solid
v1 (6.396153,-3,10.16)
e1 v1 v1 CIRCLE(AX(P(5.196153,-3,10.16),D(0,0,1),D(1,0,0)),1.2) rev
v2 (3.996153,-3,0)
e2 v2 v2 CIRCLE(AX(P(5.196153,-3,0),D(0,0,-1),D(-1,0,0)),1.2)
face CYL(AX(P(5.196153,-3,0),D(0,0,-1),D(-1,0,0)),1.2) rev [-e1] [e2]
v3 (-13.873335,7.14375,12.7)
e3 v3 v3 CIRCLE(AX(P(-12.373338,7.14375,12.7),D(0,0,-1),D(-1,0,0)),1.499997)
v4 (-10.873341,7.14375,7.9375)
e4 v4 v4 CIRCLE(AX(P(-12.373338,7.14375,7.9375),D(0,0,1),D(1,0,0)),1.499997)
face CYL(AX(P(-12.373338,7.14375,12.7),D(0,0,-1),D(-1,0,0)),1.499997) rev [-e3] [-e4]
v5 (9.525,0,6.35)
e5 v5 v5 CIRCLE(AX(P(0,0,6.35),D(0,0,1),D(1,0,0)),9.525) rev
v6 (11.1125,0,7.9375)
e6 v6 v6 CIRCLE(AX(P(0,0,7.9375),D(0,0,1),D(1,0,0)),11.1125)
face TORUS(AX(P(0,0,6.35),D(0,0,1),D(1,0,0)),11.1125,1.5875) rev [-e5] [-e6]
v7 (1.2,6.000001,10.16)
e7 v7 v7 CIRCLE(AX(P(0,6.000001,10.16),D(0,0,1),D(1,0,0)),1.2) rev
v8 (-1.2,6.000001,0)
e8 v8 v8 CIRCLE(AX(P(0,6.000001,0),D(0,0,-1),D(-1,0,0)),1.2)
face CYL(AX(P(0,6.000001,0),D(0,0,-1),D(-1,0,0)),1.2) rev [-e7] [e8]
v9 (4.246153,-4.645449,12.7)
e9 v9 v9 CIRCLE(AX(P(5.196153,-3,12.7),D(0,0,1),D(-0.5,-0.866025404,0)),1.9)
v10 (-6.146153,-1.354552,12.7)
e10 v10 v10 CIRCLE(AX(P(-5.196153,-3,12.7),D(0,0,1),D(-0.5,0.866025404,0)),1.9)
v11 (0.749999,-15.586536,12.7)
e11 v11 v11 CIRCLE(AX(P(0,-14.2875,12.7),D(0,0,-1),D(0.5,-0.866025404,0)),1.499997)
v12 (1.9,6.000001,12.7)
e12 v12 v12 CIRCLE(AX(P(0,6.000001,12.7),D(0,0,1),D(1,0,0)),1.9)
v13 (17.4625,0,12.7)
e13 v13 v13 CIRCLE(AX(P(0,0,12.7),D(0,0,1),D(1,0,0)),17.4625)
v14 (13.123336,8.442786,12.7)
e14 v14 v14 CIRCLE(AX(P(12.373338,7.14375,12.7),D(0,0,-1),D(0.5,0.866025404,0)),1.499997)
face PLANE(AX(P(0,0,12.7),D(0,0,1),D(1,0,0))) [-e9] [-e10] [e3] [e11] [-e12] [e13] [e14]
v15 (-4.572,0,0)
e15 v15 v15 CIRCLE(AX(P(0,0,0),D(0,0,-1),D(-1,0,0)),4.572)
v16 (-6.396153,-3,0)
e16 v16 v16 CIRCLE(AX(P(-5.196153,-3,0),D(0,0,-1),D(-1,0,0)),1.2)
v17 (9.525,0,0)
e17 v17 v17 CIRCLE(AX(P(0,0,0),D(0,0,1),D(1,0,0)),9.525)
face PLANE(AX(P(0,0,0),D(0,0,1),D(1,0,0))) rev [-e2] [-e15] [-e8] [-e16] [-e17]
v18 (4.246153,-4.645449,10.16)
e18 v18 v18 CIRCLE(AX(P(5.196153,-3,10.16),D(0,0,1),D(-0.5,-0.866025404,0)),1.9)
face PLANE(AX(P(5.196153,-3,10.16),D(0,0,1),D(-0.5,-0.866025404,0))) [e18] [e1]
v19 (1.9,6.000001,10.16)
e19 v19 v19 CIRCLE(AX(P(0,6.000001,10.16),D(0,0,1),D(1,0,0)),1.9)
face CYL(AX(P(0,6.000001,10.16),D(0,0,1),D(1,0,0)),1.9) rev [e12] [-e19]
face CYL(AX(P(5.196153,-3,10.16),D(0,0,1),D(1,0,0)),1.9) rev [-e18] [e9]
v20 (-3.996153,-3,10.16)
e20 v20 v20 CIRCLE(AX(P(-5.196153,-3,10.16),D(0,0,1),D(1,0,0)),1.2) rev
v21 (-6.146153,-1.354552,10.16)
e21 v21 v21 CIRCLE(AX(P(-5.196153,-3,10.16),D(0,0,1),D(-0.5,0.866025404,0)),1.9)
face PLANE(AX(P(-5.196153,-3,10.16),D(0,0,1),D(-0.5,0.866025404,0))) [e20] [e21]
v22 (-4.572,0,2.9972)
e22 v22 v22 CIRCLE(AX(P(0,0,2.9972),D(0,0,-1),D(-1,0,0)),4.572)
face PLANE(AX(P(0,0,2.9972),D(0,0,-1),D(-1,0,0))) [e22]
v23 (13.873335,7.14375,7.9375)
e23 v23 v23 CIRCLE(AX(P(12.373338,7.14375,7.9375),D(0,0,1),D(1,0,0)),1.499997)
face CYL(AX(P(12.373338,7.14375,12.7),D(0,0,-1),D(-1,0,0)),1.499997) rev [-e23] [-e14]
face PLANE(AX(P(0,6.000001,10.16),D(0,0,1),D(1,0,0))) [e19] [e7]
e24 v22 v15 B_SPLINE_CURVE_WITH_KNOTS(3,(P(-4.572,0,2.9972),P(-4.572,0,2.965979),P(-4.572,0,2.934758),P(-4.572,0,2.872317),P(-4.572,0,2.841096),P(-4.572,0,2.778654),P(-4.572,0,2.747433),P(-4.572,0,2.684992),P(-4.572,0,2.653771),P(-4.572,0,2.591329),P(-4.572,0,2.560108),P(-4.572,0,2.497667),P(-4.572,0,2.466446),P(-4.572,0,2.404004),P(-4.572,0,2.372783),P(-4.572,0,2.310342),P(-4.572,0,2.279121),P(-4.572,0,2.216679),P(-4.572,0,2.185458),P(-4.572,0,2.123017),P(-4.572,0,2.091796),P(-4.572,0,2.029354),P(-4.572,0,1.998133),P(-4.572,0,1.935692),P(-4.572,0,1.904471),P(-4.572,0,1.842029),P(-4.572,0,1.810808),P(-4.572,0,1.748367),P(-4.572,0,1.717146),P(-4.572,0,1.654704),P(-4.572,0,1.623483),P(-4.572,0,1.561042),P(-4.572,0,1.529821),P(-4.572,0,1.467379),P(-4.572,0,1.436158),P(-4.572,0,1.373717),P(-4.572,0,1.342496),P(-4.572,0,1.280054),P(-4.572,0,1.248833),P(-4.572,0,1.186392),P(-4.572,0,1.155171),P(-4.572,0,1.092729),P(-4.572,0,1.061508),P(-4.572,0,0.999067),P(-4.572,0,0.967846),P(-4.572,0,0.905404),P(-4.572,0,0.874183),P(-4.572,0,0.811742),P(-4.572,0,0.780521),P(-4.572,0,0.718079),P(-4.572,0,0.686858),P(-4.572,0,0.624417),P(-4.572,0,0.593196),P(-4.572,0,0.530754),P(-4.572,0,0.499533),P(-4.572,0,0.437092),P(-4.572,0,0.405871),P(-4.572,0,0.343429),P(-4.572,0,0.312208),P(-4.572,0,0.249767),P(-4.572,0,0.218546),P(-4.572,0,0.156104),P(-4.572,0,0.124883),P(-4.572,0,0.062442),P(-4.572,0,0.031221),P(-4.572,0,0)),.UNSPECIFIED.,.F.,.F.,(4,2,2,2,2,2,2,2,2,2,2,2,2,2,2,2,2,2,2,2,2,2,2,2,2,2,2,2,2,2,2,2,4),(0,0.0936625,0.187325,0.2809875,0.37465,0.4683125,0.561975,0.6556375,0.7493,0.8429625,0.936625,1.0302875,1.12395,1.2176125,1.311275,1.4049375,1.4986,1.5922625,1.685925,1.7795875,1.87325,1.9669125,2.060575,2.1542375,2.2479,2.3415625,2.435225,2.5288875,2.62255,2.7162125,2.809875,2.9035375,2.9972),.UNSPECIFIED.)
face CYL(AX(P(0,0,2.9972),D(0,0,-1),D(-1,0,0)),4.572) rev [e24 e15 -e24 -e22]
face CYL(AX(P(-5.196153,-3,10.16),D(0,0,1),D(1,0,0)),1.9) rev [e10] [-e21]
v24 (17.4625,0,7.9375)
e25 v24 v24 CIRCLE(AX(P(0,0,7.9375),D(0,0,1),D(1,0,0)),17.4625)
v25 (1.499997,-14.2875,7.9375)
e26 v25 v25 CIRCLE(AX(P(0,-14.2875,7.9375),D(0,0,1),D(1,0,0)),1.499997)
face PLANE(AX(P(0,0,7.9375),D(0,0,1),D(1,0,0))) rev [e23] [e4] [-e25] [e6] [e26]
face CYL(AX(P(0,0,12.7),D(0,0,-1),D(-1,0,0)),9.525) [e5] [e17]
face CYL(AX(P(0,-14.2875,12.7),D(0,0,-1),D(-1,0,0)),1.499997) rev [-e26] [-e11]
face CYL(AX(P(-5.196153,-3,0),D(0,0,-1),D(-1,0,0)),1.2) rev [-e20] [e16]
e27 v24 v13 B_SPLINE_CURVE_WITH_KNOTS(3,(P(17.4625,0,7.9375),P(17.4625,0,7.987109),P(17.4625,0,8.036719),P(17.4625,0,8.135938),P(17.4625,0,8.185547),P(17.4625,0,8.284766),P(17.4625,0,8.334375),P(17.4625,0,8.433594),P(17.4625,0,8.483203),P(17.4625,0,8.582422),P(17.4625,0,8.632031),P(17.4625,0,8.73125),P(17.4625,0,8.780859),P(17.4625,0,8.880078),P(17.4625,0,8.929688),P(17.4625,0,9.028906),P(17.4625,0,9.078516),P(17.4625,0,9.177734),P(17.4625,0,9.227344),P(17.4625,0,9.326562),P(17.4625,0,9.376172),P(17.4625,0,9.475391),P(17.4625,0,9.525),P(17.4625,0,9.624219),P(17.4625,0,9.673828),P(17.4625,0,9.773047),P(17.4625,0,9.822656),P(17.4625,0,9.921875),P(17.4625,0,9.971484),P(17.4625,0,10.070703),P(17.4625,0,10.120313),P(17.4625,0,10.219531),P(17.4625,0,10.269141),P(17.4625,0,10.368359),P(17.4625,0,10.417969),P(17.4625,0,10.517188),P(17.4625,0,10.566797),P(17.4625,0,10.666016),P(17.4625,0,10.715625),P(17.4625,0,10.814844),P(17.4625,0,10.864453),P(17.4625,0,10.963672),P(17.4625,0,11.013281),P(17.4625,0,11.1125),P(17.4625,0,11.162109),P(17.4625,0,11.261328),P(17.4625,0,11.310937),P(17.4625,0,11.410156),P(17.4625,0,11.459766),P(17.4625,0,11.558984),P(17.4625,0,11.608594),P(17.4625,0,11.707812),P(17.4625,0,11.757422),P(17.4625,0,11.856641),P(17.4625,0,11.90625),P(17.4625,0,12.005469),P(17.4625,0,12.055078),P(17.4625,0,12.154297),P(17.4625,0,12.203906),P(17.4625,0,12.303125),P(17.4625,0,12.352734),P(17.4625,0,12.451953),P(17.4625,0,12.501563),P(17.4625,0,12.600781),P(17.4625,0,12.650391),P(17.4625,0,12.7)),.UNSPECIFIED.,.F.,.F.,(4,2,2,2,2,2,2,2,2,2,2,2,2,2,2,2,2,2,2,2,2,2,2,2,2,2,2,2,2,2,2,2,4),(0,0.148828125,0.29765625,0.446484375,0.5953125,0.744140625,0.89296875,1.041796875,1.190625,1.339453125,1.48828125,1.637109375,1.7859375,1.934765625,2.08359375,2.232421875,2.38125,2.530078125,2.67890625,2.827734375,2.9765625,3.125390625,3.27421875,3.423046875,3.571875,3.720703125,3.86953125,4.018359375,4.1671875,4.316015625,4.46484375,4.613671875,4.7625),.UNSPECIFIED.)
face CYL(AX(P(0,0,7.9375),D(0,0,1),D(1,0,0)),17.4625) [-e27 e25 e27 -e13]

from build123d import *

# Parameters (mm, degrees)
SKETCH1_R            = 9.525
BOSS_EXTRUDE1_DEPTH  = 12.7
SKETCH9_R            = 17.4625
BOSS_EXTRUDE2_DEPTH  = 4.7625
SKETCH2_R            = 4.572
CUT_EXTRUDE1_DEPTH   = 2.9972
M2_CLEARANCE_HOLE1_D = 2.4
SKETCH6_R            = 1.9
CUT_EXTRUDE2_DEPTH   = 2.54
SKETCH7_R            = 1.499997
CUT_EXTRUDE3_DEPTH   = 28.769908399
CIRPATTERN1_COUNT    = 3
CIRPATTERN2_COUNT    = 3
FILLET1_R            = 1.5875


with BuildPart() as part:
    # Sketch1 → Boss-Extrude1 (new body)
    with BuildSketch(Plane.XY):
        Circle(SKETCH1_R)
    extrude(amount=BOSS_EXTRUDE1_DEPTH)

    # Sketch9 → Boss-Extrude2 (add)
    with BuildSketch(Plane.XY.offset(12.7)):
        Circle(SKETCH9_R)
    extrude(amount=-BOSS_EXTRUDE2_DEPTH)

    # Sketch2 → Cut-Extrude1 (cut)
    with BuildSketch(Plane(origin=(0, 0, 0), x_dir=(-1, 0, 0), z_dir=(0, 0, -1))):
        Circle(SKETCH2_R)
    extrude(amount=-CUT_EXTRUDE1_DEPTH, mode=Mode.SUBTRACT)

    # M2 Clearance Hole1 (through all)
    with Locations(Plane(origin=(0, 0, 0), x_dir=(-1, 0, 0), z_dir=(0, 0, -1))):
        with Locations((0, 6.0000007)):
            m2_clearance_hole1 = Hole(M2_CLEARANCE_HOLE1_D / 2)

    # Sketch6 → Cut-Extrude2 (cut)
    with BuildSketch(Plane.XY.offset(12.7)):
        with Locations((0, 6.0000007)):
            Circle(SKETCH6_R)
    cut_extrude2 = extrude(amount=-CUT_EXTRUDE2_DEPTH, mode=Mode.SUBTRACT)

    # Sketch7 → Cut-Extrude3 (cut, through all)
    with BuildSketch(Plane(origin=(0, 0, 0), x_dir=(-1, 0, 0), z_dir=(0, 0, -1))):
        with Locations((12.373337957, 7.14375)):
            Circle(SKETCH7_R)
    cut_extrude3 = extrude(amount=-CUT_EXTRUDE3_DEPTH, mode=Mode.SUBTRACT)

    # CirPattern1: M2 Clearance Hole1, Cut-Extrude2 ×3 about axis
    cirpattern1_axis = Axis((0, 0, 0), (0, 0, 1))
    add([m2_clearance_hole1.rotate(cirpattern1_axis, i * 360 / CIRPATTERN1_COUNT) for i in range(1, CIRPATTERN1_COUNT)], mode=Mode.SUBTRACT)
    add([cut_extrude2.rotate(cirpattern1_axis, i * 360 / CIRPATTERN1_COUNT) for i in range(1, CIRPATTERN1_COUNT)], mode=Mode.SUBTRACT)

    # CirPattern2: Cut-Extrude3 ×3 about axis
    cirpattern2_axis = Axis((0, 0, 0), (0, 0, 1))
    for i in range(1, CIRPATTERN2_COUNT):
        add(cut_extrude3.rotate(cirpattern2_axis, i * 360 / CIRPATTERN2_COUNT), mode=Mode.SUBTRACT)

    # Fillet1
    fillet1_edges = [part.edges().sort_by_distance(p)[0] for p in [
        (-9.525, 0, 7.9375),
    ]]
    fillet(fillet1_edges, radius=FILLET1_R)


solid = part.part
